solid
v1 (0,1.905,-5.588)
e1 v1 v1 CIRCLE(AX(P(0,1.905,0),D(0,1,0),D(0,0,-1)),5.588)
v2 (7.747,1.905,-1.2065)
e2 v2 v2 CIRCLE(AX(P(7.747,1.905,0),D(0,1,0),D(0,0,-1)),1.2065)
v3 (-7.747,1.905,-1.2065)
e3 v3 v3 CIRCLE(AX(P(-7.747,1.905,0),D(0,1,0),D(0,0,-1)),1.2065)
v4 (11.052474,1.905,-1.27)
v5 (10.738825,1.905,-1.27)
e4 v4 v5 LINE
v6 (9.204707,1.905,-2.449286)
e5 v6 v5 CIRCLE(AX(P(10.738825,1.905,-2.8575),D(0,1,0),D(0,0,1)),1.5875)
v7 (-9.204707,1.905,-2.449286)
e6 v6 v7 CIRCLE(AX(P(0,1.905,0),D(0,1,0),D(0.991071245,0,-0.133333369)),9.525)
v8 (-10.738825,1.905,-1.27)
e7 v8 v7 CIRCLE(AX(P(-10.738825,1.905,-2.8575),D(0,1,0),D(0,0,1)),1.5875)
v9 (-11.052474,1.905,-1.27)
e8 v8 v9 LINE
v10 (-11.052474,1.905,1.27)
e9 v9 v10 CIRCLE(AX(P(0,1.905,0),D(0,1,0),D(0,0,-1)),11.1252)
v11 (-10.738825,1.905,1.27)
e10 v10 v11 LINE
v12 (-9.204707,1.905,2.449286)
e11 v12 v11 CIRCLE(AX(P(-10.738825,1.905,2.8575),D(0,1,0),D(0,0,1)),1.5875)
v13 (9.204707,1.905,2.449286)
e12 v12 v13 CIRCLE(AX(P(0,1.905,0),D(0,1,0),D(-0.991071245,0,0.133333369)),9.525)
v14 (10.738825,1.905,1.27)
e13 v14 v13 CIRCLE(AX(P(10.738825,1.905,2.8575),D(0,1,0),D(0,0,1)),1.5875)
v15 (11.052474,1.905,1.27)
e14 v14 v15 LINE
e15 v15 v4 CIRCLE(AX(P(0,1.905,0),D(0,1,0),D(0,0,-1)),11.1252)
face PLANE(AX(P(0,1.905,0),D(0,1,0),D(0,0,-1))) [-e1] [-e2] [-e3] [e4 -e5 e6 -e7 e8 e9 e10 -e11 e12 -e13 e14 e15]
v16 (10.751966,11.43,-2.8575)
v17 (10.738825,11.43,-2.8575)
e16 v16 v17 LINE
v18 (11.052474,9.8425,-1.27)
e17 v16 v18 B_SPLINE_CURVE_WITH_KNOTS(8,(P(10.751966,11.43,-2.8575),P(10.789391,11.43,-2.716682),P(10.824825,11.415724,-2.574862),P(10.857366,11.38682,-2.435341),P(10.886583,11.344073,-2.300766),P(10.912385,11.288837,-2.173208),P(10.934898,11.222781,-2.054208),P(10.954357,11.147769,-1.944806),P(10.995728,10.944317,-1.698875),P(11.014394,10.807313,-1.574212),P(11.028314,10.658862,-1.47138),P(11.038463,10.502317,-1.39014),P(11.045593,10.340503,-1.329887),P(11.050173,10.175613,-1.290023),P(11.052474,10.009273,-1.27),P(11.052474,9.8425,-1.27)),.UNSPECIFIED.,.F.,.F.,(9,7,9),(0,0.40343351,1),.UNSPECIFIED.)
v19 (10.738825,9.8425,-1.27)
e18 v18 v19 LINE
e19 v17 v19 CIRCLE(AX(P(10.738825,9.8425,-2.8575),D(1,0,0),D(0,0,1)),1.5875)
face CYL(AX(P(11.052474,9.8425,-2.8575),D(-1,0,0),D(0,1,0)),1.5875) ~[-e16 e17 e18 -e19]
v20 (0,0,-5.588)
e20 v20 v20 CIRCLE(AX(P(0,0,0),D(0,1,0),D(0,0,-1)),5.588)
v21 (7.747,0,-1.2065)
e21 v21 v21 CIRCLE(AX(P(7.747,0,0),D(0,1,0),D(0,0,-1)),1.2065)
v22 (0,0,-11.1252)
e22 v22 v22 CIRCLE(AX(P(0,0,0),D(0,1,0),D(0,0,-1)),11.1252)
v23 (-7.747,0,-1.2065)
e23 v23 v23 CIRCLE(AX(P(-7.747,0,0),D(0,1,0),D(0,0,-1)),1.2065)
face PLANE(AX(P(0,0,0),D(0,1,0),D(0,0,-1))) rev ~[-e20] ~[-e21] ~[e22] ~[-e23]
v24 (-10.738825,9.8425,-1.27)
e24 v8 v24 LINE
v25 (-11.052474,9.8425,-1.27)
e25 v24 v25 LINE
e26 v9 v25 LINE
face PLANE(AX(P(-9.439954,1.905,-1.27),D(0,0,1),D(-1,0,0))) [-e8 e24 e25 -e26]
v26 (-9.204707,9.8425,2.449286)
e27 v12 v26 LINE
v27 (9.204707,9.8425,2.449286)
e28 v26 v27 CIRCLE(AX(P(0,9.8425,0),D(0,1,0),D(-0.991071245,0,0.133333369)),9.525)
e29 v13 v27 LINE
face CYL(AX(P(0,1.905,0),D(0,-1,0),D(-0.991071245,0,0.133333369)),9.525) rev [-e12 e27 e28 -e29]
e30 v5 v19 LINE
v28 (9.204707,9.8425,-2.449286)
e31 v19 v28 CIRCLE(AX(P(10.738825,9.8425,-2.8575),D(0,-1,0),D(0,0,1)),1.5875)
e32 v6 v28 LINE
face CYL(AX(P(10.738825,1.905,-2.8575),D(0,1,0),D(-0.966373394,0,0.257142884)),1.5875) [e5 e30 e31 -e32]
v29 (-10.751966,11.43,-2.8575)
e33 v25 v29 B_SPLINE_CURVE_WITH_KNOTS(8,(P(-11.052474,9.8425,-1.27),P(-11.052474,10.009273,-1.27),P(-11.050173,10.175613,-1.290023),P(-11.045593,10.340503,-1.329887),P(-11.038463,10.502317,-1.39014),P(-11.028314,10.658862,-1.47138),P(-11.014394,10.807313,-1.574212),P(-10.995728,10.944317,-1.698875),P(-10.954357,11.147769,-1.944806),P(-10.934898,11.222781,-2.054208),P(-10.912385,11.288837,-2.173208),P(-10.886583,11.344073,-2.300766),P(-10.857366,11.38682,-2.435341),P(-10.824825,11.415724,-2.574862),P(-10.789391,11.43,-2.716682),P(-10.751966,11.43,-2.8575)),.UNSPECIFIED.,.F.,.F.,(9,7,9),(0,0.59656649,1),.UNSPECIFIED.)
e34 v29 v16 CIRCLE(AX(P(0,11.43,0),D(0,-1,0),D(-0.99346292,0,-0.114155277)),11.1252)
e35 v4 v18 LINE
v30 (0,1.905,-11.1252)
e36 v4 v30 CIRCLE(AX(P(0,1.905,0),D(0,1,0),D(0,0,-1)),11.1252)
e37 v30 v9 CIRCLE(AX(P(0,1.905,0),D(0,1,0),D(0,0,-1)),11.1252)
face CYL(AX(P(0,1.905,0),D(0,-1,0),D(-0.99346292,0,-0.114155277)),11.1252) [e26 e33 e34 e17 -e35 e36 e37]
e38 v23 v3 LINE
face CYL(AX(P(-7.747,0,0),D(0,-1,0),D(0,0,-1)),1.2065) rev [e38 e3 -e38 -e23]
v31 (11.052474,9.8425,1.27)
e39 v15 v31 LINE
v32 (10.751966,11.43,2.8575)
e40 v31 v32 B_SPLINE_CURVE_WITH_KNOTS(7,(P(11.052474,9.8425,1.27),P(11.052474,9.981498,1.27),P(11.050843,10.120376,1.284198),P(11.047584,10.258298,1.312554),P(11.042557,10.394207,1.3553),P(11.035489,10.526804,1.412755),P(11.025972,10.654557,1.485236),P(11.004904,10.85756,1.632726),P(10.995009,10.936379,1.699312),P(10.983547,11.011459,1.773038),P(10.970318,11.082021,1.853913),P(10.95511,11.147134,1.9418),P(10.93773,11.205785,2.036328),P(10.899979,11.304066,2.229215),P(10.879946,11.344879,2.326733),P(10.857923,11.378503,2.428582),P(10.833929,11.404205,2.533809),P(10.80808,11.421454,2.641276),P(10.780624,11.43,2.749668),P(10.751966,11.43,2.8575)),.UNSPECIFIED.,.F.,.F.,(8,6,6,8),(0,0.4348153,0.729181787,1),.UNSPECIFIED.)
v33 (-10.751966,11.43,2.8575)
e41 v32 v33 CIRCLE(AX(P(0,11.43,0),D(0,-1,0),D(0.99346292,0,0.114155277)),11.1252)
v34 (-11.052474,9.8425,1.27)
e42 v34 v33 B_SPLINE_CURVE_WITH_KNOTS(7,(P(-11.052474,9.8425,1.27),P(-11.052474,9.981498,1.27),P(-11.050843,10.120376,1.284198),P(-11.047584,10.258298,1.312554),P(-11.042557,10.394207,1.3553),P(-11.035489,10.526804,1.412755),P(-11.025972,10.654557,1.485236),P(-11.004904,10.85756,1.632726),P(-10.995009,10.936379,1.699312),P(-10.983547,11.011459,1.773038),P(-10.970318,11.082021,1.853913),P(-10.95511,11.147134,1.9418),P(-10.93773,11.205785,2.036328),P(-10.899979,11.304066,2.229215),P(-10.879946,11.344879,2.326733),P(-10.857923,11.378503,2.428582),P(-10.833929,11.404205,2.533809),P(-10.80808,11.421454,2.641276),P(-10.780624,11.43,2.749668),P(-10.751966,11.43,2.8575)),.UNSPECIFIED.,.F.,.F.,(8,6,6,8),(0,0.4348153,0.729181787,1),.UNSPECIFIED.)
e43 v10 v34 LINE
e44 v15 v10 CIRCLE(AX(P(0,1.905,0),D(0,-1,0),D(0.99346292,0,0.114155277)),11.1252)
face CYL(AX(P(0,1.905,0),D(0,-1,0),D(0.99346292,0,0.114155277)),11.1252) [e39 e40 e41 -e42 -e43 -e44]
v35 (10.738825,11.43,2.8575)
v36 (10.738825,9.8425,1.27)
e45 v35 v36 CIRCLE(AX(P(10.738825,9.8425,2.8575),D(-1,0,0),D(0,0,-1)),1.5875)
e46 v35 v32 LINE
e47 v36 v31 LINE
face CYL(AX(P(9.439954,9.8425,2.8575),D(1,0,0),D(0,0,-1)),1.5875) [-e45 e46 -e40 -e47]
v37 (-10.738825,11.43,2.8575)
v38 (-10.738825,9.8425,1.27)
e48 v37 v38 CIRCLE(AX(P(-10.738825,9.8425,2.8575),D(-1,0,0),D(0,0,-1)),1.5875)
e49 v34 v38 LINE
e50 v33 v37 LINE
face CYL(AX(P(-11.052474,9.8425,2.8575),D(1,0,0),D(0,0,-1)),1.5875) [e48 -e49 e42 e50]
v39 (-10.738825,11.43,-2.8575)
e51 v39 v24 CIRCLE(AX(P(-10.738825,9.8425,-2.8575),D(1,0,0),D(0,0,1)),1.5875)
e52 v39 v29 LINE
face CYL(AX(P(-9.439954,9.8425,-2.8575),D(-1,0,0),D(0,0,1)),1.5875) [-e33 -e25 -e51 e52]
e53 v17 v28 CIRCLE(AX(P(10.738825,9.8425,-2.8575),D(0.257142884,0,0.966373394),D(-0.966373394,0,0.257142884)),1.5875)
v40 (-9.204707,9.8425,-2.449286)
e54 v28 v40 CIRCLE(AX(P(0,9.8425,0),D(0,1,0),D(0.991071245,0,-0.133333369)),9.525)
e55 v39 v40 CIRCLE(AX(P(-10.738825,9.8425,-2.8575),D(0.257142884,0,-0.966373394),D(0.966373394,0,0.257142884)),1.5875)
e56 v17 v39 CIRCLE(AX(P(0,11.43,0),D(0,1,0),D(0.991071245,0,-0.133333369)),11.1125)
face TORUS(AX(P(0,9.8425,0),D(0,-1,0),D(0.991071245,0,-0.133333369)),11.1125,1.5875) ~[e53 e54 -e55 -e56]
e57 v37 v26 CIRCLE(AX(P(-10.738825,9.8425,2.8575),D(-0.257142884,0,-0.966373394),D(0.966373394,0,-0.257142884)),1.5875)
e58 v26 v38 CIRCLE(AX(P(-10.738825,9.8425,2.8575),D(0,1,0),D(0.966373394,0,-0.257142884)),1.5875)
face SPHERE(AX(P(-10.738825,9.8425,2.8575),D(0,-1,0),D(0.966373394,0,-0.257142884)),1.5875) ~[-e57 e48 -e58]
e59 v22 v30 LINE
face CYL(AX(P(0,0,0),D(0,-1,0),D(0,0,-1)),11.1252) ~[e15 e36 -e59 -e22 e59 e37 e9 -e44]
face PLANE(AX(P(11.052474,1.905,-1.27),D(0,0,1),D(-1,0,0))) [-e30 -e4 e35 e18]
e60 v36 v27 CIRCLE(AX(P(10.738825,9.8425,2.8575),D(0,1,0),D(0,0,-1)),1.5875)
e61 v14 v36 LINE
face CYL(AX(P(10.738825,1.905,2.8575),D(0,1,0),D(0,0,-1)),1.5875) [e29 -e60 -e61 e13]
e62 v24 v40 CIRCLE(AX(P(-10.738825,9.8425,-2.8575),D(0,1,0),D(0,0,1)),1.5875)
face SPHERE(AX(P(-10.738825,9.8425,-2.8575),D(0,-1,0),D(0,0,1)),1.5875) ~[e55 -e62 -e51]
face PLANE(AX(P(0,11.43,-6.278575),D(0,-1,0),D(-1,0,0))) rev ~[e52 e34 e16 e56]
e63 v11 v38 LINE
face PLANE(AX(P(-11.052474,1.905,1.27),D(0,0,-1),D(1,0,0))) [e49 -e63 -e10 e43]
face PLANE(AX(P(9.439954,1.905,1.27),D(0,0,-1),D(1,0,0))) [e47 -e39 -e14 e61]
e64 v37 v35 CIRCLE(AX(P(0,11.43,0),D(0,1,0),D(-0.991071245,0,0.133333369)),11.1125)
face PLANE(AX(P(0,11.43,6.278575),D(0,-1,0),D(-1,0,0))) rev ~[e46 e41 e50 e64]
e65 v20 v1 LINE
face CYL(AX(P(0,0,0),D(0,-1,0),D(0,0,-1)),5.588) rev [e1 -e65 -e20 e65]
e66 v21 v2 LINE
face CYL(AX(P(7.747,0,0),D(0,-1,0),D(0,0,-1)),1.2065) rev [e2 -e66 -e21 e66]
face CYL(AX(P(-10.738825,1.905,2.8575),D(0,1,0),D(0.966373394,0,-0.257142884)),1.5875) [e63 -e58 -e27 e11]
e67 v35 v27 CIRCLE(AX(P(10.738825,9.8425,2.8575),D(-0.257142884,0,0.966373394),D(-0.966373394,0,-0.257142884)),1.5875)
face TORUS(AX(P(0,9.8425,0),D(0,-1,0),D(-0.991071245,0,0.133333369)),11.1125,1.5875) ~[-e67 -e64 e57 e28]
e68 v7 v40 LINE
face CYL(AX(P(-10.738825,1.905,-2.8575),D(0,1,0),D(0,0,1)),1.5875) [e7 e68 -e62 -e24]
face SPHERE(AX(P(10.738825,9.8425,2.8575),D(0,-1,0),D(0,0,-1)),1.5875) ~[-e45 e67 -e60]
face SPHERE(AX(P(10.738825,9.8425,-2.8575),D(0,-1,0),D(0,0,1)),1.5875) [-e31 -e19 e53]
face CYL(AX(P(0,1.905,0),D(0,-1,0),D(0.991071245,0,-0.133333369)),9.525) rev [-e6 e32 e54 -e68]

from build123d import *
from build123d.topology import SkipClean

# Parameters (mm, degrees)
SKETCH1_R           = 11.1252
SKETCH1_R_2         = 5.588
SKETCH1_R_3         = 1.2065
BOSS_EXTRUDE1_DEPTH = 1.905
BOSS_EXTRUDE2_DEPTH = 9.525
FILLET1_R           = 1.5875


with BuildPart() as part:
    # Sketch1 → Boss-Extrude1 (new body)
    with BuildSketch(Plane(origin=(0, 0, 0), x_dir=(1, 0, 0), z_dir=(0, 1, 0))):
        with Locations(Location((0, 0, 0), (0, 0, 90))):
            Circle(SKETCH1_R)
        with Locations(Location((0, 0, 0), (0, 0, 90))):
            Circle(SKETCH1_R_2, mode=Mode.SUBTRACT)
        with Locations(Location((-7.747, 0, 0), (0, 0, 90))):
            Circle(SKETCH1_R_3, mode=Mode.SUBTRACT)
        with Locations(Location((7.747, 0, 0), (0, 0, 90))):
            Circle(SKETCH1_R_3, mode=Mode.SUBTRACT)
    extrude(amount=BOSS_EXTRUDE1_DEPTH)

    # Sketch2 → Boss-Extrude2 (add)
    with SkipClean():  # the faces are left unmerged after this step: merging them gives an invalid solid
        with BuildSketch(Plane(origin=(0, 1.905, 0), x_dir=(1, 0, 0), z_dir=(0, 1, 0))):
            with BuildLine():
                Line((-9.439954, 1.27), (-11.052474, 1.27))
                ThreePointArc((-11.052474, 1.27), (0, 11.1252), (11.052474, 1.27))
                Line((11.052474, 1.27), (9.439954, 1.27))
                ThreePointArc((9.439954, 1.27), (0, 9.525), (-9.439954, 1.27))
            make_face()
            with BuildLine():
                Line((9.439954, -1.27), (11.052474, -1.27))
                ThreePointArc((11.052474, -1.27), (0, -11.1252), (-11.052474, -1.27))
                Line((-11.052474, -1.27), (-9.439954, -1.27))
                ThreePointArc((-9.439954, -1.27), (0, -9.525), (9.439954, -1.27))
            make_face()
        extrude(amount=BOSS_EXTRUDE2_DEPTH)

    # Fillet1
    fillet1_edges = [part.edges().sort_by_distance(p)[0] for p in [
        (10.246214, 11.43, 1.27),
        (10.246214, 11.43, -1.27),
        (-10.246214, 11.43, -1.27),
        (0, 11.43, -9.525),
        (0, 11.43, 9.525),
        (-10.246214, 11.43, 1.27),
        (9.439954, 6.6675, -1.27),
        (-9.439954, 6.6675, -1.27),
        (-9.439954, 6.6675, 1.27),
        (9.439954, 6.6675, 1.27),
    ]]
    fillet(fillet1_edges, radius=FILLET1_R)


solid = part.part
